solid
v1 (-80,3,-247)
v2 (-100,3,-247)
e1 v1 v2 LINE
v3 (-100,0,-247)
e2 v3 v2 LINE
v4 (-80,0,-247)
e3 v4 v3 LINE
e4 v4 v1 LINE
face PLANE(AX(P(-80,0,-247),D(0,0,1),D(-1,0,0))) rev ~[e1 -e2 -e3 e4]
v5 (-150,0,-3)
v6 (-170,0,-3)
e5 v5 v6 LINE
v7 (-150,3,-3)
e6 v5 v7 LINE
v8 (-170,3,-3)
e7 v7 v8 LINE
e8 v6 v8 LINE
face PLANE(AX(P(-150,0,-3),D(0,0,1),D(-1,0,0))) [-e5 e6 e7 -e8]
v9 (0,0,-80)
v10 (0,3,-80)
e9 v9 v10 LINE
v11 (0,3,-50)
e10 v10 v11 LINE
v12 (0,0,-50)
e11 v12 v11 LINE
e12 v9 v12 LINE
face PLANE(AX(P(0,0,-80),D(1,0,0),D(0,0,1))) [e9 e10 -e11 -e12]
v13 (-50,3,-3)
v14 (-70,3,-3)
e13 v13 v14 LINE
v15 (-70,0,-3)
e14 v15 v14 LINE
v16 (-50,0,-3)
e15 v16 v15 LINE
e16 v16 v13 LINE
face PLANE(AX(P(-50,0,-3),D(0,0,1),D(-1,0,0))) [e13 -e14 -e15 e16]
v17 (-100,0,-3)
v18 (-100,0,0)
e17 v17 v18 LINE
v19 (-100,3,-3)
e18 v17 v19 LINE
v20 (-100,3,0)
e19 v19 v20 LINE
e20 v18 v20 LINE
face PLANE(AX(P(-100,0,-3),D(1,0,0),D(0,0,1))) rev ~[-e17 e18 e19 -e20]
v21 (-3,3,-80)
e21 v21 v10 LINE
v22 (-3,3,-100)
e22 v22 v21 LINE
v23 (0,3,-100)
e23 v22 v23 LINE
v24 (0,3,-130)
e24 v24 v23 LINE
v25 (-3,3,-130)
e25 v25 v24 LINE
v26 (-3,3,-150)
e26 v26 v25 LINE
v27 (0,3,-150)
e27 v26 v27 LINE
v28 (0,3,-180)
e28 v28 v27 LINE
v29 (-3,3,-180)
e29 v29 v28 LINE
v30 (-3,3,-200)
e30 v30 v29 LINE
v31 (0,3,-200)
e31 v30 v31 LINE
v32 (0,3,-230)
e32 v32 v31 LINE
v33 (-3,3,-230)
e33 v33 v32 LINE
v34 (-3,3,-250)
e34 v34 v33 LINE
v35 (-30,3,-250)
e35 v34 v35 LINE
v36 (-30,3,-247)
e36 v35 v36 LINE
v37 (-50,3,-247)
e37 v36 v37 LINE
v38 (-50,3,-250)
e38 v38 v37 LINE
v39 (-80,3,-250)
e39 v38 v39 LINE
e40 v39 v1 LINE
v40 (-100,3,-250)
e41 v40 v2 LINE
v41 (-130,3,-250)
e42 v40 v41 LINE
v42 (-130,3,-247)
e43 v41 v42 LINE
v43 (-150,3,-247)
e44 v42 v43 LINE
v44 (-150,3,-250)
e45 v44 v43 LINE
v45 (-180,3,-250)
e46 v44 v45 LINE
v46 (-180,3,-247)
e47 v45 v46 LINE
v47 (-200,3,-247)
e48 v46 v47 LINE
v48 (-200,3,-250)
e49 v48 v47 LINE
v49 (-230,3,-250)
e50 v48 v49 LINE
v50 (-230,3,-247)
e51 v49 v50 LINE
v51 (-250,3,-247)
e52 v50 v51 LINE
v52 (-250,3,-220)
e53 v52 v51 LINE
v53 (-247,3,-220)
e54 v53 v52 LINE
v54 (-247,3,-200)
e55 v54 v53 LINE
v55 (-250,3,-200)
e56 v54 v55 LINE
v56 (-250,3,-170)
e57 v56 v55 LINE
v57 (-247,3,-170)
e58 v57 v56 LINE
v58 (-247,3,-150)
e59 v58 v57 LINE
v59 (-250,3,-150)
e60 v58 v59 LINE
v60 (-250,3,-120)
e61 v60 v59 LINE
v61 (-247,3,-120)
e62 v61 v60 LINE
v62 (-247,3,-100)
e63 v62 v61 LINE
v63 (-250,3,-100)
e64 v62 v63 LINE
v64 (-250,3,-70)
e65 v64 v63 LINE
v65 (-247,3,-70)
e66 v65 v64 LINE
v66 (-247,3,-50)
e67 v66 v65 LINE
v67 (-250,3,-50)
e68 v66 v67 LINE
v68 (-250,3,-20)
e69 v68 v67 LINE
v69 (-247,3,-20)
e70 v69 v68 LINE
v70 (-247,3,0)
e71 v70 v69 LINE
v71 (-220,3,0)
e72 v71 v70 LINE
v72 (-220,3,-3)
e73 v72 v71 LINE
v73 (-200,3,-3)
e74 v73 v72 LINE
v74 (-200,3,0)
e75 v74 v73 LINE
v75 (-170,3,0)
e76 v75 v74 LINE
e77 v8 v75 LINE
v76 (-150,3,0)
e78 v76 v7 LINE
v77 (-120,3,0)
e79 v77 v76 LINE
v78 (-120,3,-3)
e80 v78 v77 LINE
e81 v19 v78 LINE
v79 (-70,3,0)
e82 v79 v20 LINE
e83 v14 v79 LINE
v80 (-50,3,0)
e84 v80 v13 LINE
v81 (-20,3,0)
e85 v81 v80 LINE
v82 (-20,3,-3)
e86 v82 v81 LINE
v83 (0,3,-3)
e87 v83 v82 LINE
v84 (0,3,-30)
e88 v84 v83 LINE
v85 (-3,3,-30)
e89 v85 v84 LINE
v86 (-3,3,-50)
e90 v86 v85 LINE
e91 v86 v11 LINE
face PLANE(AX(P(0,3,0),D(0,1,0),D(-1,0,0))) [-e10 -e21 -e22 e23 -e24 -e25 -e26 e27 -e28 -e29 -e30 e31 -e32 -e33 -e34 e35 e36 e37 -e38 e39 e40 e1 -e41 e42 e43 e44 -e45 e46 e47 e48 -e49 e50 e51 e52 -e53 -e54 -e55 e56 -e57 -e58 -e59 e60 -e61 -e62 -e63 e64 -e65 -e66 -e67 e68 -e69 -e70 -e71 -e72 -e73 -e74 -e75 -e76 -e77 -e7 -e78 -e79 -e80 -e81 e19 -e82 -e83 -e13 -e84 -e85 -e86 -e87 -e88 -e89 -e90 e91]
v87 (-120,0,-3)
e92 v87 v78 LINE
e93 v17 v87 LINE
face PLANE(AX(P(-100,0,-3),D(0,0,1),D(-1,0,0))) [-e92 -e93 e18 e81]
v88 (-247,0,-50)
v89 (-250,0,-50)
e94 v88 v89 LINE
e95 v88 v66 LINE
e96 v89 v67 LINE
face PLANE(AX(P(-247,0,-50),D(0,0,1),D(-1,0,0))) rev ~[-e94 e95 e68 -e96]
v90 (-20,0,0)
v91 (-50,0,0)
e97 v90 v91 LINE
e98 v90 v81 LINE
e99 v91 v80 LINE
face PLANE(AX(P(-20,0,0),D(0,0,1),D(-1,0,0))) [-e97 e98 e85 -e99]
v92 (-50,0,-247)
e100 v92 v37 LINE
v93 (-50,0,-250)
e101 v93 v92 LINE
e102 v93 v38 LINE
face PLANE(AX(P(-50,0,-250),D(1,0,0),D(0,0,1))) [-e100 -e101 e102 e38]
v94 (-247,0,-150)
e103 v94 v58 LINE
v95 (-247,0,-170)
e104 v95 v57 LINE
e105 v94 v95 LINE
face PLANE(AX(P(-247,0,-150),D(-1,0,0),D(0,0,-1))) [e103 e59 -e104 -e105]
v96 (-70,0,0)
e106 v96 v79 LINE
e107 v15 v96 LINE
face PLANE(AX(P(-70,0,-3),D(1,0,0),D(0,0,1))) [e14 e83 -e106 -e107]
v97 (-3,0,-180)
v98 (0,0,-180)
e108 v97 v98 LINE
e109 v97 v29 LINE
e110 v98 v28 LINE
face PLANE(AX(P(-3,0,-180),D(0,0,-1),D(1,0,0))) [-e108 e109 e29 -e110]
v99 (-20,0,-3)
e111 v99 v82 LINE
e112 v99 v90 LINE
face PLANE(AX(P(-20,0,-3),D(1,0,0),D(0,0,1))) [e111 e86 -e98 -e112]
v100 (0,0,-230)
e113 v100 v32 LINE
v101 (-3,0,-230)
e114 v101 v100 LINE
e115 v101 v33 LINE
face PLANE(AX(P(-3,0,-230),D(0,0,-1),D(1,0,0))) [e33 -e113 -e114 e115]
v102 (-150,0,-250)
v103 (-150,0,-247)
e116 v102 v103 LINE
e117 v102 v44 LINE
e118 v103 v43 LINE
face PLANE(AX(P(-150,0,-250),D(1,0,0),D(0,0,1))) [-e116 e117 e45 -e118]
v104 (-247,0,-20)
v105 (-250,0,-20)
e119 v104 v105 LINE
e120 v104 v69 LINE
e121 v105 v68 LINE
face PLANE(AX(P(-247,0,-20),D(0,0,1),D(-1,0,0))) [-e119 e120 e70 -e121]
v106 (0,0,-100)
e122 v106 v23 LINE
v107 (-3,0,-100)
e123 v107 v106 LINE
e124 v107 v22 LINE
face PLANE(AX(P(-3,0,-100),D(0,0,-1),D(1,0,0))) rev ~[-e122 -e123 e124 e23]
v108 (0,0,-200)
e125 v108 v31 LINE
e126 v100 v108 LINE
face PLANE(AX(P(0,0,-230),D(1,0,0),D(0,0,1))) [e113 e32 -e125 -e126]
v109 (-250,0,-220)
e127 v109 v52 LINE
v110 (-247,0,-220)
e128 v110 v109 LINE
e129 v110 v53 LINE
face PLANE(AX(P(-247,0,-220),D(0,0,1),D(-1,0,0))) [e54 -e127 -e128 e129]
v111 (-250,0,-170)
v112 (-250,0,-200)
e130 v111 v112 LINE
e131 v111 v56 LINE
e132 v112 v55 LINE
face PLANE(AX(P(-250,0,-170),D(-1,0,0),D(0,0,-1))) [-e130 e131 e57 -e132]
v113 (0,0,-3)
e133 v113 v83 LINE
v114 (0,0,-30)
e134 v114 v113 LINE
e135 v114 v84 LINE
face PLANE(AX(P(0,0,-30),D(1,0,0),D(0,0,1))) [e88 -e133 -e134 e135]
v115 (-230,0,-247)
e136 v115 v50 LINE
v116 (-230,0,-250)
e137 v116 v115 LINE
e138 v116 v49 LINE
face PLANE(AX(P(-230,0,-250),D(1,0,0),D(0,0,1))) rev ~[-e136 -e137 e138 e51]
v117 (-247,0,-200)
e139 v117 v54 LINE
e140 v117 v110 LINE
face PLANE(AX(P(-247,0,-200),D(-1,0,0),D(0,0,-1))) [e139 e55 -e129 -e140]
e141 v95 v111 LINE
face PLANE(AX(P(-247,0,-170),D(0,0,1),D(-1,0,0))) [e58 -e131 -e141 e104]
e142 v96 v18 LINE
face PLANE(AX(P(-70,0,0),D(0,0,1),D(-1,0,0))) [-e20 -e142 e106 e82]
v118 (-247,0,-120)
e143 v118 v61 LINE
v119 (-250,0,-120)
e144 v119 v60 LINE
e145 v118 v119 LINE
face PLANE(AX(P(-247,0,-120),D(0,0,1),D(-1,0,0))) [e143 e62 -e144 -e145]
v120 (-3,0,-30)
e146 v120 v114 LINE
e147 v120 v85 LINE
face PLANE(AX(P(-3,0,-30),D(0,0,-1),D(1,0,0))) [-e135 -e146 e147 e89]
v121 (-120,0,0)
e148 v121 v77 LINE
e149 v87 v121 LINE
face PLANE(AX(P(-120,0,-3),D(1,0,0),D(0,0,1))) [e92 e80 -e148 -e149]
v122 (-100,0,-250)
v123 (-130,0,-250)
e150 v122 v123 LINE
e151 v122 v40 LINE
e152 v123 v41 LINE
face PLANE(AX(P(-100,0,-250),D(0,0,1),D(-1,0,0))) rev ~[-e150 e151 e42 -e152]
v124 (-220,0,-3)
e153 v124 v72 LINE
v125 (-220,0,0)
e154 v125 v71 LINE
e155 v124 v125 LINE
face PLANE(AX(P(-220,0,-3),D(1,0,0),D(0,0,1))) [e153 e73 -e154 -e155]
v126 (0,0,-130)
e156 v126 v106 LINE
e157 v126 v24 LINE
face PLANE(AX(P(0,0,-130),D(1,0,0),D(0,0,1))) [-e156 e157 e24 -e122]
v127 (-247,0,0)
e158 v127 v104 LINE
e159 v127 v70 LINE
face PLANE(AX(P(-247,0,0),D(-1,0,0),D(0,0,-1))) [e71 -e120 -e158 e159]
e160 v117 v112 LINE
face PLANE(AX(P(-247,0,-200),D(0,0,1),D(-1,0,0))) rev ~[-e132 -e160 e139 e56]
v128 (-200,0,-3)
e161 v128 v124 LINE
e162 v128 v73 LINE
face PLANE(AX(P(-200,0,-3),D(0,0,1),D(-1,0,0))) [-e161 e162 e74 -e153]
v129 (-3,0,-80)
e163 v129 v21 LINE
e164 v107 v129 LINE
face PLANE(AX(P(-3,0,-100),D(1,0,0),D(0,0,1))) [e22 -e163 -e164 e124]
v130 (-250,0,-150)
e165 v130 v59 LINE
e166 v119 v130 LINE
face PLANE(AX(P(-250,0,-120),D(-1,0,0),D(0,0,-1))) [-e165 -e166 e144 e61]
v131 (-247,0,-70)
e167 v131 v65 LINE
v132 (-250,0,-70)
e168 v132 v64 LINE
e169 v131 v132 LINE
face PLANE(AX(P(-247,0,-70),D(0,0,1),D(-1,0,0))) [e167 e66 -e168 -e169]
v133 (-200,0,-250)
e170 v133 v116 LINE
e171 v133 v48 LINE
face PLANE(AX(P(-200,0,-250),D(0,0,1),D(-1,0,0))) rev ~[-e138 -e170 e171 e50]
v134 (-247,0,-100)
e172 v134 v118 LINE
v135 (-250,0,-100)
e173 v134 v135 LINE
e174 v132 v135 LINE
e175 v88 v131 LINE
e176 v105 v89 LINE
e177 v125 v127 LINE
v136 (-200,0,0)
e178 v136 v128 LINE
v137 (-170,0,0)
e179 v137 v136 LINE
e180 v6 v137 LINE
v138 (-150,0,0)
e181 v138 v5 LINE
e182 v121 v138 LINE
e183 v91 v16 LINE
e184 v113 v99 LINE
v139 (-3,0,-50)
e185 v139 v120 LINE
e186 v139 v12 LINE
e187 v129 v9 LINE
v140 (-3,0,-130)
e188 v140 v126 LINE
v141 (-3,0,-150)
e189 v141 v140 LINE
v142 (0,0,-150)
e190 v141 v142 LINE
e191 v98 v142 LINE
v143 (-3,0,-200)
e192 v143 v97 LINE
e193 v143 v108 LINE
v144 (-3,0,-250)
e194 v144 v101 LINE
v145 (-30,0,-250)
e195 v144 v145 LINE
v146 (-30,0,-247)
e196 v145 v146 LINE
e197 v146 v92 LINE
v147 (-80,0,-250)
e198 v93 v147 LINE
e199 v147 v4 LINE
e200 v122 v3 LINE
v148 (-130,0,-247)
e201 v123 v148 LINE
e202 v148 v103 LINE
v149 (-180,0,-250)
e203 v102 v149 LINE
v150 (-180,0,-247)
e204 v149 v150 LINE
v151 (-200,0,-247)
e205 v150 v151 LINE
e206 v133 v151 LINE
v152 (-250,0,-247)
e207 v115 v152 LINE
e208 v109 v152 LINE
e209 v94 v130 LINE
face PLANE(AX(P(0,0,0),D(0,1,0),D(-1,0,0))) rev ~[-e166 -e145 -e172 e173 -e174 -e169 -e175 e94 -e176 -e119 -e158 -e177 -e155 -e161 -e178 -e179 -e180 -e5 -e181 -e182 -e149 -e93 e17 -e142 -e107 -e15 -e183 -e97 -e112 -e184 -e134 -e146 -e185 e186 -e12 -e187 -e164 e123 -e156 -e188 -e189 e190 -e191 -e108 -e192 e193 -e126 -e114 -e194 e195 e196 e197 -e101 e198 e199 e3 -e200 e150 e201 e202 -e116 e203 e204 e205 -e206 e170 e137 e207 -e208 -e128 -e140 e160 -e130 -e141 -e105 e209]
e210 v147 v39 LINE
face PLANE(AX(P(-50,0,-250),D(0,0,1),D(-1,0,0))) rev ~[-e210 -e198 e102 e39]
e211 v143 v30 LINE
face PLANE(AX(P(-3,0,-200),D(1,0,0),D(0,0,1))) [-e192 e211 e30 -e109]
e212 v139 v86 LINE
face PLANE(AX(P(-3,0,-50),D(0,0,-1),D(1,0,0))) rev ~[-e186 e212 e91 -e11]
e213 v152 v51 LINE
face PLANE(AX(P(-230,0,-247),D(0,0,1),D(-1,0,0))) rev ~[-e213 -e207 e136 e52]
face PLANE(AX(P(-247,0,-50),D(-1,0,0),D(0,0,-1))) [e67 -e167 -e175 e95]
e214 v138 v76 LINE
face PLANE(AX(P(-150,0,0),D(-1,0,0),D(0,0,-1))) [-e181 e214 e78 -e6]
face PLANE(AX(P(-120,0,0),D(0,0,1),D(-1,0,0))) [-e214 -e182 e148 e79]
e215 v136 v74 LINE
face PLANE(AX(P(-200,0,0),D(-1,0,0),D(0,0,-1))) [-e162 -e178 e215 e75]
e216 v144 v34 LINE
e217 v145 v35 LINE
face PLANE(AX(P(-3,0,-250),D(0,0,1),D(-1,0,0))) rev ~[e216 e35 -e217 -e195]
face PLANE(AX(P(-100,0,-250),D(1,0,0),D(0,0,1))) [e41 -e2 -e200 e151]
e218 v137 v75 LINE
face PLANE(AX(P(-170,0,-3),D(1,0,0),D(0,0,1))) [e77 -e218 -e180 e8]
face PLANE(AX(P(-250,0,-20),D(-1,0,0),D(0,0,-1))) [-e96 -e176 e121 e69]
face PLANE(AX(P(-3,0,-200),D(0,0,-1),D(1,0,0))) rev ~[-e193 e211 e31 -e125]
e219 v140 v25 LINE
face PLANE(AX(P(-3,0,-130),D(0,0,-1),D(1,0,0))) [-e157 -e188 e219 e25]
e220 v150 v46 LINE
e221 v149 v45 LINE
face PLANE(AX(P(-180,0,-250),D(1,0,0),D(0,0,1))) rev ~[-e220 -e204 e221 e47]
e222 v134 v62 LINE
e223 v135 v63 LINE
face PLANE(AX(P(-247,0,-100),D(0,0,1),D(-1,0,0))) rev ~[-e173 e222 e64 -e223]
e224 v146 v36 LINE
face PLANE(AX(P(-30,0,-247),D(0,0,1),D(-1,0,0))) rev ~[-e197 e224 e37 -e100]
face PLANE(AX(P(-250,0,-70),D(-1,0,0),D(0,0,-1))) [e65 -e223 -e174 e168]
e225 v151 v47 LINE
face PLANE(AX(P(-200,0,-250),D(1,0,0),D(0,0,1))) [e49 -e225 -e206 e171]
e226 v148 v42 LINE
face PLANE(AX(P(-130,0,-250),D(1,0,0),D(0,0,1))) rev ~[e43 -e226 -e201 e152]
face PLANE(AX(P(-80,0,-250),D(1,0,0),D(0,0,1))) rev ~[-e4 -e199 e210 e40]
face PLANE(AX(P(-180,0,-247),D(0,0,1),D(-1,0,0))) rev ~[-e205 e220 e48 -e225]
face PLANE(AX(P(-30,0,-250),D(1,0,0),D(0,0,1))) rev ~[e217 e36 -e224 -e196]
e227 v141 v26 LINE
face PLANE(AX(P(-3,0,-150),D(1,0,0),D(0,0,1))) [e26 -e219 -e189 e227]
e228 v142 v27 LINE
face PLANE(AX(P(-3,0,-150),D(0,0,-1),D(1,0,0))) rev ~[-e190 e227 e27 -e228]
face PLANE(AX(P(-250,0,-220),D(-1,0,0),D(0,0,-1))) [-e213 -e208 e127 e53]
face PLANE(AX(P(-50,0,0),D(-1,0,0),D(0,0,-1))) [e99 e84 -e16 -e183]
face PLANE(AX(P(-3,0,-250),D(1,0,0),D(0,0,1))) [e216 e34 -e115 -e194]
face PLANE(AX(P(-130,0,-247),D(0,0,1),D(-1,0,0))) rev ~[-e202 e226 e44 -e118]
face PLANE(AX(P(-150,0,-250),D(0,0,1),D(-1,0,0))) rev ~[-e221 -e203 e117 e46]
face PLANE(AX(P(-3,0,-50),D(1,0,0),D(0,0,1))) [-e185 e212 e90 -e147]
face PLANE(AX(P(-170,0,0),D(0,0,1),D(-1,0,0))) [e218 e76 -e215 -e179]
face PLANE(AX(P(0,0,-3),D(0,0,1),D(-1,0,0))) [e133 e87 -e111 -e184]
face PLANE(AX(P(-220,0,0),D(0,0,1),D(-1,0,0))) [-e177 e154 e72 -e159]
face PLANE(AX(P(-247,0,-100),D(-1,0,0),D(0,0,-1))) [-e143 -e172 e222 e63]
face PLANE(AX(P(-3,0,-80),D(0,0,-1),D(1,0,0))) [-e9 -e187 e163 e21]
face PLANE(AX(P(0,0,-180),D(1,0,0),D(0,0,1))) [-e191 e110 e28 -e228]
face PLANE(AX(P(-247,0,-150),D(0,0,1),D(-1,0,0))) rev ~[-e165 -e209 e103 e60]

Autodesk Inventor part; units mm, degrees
ref_plane "YZ Plane" through (0, 0, 0) normal (1, 0, 0) x (0, 1, 0)
ref_plane "XZ Plane" through (0, 0, 0) normal (0, 1, 0) x (-1, 0, 0)
ref_plane "XY Plane" through (0, 0, 0) normal (0, 0, 1) x (1, 0, 0)
sketch "Sketch1" plane through (0, 0, 0) normal (0, 1, 0) x (-1, 0, 0)
  line L0 (247, 0) -> (247, -20)
  line L1 (247, -20) -> (250, -20)
  line L2 (247, -50) -> (247, -70)
  line L3 (247, -70) -> (250, -70)
  line L4 (247, -50) -> (250, -50)
  line L5 (250, -20) -> (250, -50)
  line L6 (247, -100) -> (247, -120)
  line L7 (247, -150) -> (247, -170)
  line L8 (247, -200) -> (247, -220)
  line L9 (247, -220) -> (250, -220)
  line L10 (247, -200) -> (250, -200)
  line L11 (247, -170) -> (250, -170)
  line L12 (247, -150) -> (250, -150)
  line L13 (247, -120) -> (250, -120)
  line L14 (247, -100) -> (250, -100)
  line L15 (250, -220) -> (250, -247)
  line L16 (250, -170) -> (250, -200)
  line L17 (250, -70) -> (250, -100)
  line L18 (250, -120) -> (250, -150)
  line L19 (3, -250) -> (3, -230)
  line L20 (3, -230) -> (0, -230)
  line L21 (3, -200) -> (3, -180)
  line L22 (3, -180) -> (0, -180)
  line L23 (3, -200) -> (0, -200)
  line L24 (0, -230) -> (0, -200)
  line L25 (3, -150) -> (3, -130)
  line L26 (3, -100) -> (3, -80)
  line L27 (3, -50) -> (3, -30)
  line L28 (3, -30) -> (0, -30)
  line L29 (3, -50) -> (0, -50)
  line L30 (3, -80) -> (0, -80)
  line L31 (3, -100) -> (0, -100)
  line L32 (3, -130) -> (0, -130)
  line L33 (3, -150) -> (0, -150)
  line L34 (0, -30) -> (0, -3)
  line L35 (0, -80) -> (0, -50)
  line L36 (0, -180) -> (0, -150)
  line L37 (0, -130) -> (0, -100)
  line L38 (130, -247) -> (150, -247)
  line L39 (150, -250) -> (150, -247)
  line L40 (150, -250) -> (180, -250)
  line L41 (180, -250) -> (180, -247)
  line L42 (200, -250) -> (200, -247)
  line L43 (180, -247) -> (200, -247)
  line L44 (200, -250) -> (230, -250)
  line L45 (230, -250) -> (230, -247)
  line L46 (230, -247) -> (250, -247)
  line L47 (3, -250) -> (30, -250)
  line L48 (30, -250) -> (30, -247)
  line L49 (130, -250) -> (130, -247)
  line L50 (100, -250) -> (130, -250)
  line L51 (100, -250) -> (100, -247)
  line L52 (80, -247) -> (100, -247)
  line L53 (80, -250) -> (80, -247)
  line L54 (50, -250) -> (80, -250)
  line L55 (50, -250) -> (50, -247)
  line L56 (30, -247) -> (50, -247)
  line L57 (230, -250) -> (200, -250)
  line L58 (180, -250) -> (150, -250)
  line L59 (130, -250) -> (100, -250)
  line L60 (80, -250) -> (50, -250)
  line L61 (30, -250) -> (3, -250)
  line L62 (0, -3) -> (20, -3)
  line L63 (20, -3) -> (20, 0)
  line L64 (50, 0) -> (50, -3)
  line L65 (50, -3) -> (70, -3)
  line L66 (70, -3) -> (70, 0)
  line L67 (100, -3) -> (100, 0)
  line L68 (100, -3) -> (120, -3)
  line L69 (120, -3) -> (120, 0)
  line L70 (150, 0) -> (150, -3)
  line L71 (150, -3) -> (170, -3)
  line L72 (170, -3) -> (170, 0)
  line L73 (200, 0) -> (200, 0)
  line L74 (200, 0) -> (200, -3)
  line L75 (200, -3) -> (220, -3)
  line L76 (220, -3) -> (220, 0)
  line L77 (220, 0) -> (247, 0)
  line L78 (170, 0) -> (200, 0)
  line L79 (120, 0) -> (150, 0)
  line L80 (20, 0) -> (50, 0)
  line L81 (70, 0) -> (100, 0)
  point P0 (0, 0)
  dimension "d11" = 20
  dimension "d12" = 20
  dimension "d13" = 20
  dimension "d14" = 20
  dimension "d15" = 20
  dimension "d16" = 20
  dimension "d17" = 20
  dimension "d18" = 20
  dimension "d19" = 30
  dimension "d20" = 30
  dimension "d21" = 30
  dimension "d22" = 30
  dimension "d27" = 20
  dimension "d28" = 3
  dimension "d30" = 20
  dimension "d31" = 3
  dimension "d32" = 20
  dimension "d33" = 20
  dimension "d34" = 3
  dimension "d35" = 20
  dimension "d36" = 3
  dimension "d37" = 20
  dimension "d38" = 30
  dimension "d39" = 30
  dimension "d40" = 250
  dimension "d41" = 20
  dimension "d42" = 20
  dimension "d43" = 20
  dimension "d44" = 20
  dimension "d45" = 20
  dimension "d46" = 20
  dimension "d47" = 27
extrude "Extrusion1" add sketch "Sketch1" along normal blind 3
properties part number "Btapa"
